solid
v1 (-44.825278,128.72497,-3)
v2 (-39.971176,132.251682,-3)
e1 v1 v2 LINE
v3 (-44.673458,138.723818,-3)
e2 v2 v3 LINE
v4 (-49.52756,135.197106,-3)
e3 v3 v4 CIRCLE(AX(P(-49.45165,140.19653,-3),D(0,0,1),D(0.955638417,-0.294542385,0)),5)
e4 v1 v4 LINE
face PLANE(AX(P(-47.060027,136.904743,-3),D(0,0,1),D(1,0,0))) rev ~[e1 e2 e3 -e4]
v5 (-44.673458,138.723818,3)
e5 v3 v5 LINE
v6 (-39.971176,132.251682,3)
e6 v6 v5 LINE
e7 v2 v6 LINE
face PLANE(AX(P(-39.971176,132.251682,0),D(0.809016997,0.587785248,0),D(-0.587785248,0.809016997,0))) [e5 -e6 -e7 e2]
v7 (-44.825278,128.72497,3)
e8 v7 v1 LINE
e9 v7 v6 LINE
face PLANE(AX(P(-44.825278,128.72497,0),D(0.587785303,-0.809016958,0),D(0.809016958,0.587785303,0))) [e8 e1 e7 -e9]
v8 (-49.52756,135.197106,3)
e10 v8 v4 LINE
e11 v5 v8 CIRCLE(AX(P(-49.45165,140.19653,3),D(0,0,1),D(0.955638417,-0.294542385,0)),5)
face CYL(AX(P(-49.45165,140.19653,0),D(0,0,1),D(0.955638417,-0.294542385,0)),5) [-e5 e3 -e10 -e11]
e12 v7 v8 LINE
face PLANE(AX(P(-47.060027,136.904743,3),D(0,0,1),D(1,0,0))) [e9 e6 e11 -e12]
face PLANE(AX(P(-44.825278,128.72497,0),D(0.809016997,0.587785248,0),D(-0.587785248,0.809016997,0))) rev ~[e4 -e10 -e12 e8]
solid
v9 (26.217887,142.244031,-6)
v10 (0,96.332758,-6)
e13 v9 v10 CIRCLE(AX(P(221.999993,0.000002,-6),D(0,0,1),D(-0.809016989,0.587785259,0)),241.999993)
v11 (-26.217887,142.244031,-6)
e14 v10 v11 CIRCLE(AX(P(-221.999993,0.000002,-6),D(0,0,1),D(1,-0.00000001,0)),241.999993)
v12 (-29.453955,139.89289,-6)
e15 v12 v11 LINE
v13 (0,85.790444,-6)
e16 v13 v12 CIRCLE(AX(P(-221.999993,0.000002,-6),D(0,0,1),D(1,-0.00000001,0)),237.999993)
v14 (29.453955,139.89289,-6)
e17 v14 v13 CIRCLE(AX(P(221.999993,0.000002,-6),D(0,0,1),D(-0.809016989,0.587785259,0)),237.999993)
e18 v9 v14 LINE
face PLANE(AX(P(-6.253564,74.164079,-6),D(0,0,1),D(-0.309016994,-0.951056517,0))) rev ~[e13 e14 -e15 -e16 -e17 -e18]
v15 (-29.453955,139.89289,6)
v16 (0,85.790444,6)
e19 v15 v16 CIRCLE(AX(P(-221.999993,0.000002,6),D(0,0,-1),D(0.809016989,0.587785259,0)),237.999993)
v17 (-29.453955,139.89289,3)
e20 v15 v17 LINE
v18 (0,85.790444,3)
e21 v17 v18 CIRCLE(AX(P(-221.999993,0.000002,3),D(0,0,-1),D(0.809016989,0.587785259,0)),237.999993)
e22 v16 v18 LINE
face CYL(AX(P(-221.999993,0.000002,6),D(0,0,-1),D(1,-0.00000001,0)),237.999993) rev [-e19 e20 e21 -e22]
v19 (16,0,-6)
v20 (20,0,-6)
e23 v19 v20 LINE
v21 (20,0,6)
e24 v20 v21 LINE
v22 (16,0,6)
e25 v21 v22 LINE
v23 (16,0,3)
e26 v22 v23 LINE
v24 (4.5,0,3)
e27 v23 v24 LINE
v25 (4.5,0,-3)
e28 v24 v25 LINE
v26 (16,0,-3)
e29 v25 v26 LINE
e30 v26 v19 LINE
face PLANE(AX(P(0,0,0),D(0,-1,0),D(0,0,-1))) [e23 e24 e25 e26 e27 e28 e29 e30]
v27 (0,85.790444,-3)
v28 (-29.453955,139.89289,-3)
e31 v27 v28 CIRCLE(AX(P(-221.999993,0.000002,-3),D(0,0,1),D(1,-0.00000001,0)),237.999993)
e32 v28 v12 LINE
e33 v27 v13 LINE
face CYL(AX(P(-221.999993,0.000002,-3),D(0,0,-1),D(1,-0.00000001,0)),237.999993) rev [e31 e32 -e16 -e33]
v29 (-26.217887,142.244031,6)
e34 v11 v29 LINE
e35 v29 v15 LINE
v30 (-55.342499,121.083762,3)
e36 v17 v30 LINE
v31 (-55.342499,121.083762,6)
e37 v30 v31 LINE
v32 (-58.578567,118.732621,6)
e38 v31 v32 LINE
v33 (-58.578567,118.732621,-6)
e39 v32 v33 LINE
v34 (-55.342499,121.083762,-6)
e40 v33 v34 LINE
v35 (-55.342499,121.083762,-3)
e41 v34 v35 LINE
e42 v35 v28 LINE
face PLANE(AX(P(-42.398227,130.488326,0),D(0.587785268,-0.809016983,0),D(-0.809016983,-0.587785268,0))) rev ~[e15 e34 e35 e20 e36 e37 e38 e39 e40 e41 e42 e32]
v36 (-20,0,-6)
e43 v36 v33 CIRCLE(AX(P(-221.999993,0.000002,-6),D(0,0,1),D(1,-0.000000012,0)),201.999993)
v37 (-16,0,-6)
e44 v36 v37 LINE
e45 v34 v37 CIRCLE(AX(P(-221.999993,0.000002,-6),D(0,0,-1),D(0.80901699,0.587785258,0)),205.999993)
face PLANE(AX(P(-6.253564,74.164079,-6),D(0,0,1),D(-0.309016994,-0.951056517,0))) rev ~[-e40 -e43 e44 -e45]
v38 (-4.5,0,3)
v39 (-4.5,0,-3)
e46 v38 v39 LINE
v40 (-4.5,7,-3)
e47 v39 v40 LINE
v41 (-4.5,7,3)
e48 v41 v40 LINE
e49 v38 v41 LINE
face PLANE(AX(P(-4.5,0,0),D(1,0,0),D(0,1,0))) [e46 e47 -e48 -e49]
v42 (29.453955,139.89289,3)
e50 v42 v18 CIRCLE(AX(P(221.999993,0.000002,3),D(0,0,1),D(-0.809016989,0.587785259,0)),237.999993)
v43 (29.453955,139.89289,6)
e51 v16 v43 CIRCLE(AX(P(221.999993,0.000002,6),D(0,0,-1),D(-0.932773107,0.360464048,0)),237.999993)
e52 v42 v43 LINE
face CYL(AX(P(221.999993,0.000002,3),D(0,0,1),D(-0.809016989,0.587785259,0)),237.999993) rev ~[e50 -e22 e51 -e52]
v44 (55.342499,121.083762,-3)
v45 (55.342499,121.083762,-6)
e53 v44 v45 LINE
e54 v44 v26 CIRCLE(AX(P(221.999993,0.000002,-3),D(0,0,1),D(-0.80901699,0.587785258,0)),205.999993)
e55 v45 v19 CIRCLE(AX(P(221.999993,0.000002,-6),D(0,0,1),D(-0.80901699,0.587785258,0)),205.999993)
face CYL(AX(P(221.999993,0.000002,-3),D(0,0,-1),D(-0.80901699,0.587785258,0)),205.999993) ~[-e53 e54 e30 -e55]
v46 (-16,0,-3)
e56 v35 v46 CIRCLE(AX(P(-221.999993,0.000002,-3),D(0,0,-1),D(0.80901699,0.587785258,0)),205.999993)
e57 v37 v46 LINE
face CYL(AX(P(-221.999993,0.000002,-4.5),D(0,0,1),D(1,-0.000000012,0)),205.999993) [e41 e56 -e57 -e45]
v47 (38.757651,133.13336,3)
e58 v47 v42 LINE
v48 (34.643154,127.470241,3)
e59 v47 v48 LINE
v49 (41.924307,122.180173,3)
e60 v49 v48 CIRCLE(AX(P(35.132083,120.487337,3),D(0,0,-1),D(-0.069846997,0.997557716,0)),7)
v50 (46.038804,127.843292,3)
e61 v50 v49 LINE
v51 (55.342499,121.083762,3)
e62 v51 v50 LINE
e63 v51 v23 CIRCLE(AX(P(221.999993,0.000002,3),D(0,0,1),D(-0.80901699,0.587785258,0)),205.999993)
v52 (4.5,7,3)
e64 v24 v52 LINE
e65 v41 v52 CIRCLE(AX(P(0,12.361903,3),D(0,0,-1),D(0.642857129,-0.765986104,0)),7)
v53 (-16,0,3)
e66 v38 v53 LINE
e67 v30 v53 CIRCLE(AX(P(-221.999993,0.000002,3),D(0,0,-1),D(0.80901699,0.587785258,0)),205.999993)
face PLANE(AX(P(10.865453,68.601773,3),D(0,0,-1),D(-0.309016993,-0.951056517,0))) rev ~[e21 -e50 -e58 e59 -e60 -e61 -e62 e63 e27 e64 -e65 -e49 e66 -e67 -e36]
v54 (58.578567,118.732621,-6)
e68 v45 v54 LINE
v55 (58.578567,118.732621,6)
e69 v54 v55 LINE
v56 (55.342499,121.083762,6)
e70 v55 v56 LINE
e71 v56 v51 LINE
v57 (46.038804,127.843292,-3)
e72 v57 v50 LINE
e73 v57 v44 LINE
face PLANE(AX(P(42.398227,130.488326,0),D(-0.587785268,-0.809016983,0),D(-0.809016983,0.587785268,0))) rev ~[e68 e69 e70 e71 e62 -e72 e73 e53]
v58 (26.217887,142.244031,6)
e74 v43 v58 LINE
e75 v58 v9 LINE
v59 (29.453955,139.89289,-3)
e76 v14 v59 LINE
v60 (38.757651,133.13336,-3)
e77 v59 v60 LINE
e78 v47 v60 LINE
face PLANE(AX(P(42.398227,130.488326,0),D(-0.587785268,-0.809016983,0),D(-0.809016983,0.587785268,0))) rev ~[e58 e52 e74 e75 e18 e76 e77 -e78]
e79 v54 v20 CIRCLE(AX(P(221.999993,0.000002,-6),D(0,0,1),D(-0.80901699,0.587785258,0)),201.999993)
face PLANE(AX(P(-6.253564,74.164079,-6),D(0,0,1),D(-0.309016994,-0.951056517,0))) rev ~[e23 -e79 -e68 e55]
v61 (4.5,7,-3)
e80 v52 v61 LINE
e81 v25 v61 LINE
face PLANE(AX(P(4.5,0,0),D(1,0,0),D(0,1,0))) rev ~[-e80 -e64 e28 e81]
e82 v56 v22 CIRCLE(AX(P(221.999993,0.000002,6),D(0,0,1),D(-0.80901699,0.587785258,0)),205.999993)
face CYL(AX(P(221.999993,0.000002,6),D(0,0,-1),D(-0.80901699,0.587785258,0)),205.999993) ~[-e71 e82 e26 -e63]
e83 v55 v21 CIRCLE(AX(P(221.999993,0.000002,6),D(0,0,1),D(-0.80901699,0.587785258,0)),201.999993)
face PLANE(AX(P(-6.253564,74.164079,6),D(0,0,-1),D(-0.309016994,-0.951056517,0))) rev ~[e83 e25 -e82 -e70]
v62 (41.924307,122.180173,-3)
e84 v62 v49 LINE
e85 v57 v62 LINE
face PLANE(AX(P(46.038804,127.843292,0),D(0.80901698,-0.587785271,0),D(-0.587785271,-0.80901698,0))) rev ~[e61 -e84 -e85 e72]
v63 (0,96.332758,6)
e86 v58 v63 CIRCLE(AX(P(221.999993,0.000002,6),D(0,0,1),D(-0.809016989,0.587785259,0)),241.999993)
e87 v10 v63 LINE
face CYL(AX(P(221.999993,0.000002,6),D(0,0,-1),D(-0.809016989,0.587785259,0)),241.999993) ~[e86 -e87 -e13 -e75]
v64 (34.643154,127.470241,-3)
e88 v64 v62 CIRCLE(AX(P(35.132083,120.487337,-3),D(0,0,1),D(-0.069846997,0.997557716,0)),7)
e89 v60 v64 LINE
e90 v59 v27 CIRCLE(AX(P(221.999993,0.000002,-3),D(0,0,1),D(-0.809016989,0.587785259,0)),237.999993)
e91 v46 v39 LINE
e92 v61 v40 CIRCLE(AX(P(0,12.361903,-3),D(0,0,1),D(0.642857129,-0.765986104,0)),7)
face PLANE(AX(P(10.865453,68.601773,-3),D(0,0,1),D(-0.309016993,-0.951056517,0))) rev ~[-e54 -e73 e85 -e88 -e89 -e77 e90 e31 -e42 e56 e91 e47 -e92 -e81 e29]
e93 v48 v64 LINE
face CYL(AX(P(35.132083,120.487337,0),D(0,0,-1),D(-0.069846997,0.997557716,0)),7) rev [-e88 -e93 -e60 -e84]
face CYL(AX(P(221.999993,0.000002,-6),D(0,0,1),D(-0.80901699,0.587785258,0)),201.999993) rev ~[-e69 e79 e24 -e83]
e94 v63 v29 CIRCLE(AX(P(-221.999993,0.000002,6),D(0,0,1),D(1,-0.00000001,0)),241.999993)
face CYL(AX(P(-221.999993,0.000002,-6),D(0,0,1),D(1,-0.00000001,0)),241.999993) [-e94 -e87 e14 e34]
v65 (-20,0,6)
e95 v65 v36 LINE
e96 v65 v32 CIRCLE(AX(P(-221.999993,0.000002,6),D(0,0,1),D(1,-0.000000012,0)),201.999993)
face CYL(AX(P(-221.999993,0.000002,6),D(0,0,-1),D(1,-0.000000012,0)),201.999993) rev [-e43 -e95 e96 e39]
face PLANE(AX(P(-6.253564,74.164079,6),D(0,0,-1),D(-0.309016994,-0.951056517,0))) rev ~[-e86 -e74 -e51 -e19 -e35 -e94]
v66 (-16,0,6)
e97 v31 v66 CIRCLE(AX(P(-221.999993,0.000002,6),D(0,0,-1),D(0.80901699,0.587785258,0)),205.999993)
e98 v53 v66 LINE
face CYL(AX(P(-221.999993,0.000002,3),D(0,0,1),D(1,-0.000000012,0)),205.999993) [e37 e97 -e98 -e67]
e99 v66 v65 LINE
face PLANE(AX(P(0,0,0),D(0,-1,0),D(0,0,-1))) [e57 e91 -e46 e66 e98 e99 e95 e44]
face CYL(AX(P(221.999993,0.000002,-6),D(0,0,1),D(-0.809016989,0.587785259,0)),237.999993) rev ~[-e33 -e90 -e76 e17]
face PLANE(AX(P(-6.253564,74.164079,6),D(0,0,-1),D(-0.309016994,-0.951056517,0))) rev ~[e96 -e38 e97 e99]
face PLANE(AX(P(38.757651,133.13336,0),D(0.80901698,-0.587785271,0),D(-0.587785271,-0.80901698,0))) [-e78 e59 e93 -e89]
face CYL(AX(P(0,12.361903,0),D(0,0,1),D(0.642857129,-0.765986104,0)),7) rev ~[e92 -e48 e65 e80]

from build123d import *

# Parameters (mm, degrees)
SKETCH013_W          = 32
SKETCH013_H          = 3
POCKET_DEPTH         = 6.001
POCKET_DEPTH_BACK    = -6.001
POCKET001_DEPTH      = 6.001
POCKET001_DEPTH_BACK = -6.001
PAD002_DEPTH         = 3


with BuildPart() as main:
    # AdditivePipe: sweep along a path in Sketch
    with BuildLine(Plane.XY) as additivepipe_path:
        ThreePointArc((0, 0), (-10.865453, 68.601773), (-42.398227, 130.488326))
    # Sketch002 → AdditivePipe (sweep)
    with BuildSketch(Plane.XZ):
        Polygon((-20, 6), (-20, -6), (-16, -6), (-16, -3), (-9, -3), (9, -3), (16, -3), (16, -6), (20, -6), (20, 6), (16, 6), (16, 3), (9, 3), (-9, 3), (-16, 3), (-16, 6), align=None)
    sweep(path=additivepipe_path.line)

    # AdditivePipe001: sweep along a path in Sketch001
    with BuildLine(Plane.XY) as additivepipe001_path:
        ThreePointArc((42.398227, 130.488326), (10.865453, 68.601773), (0, 0))
    # Sketch002 → AdditivePipe001 (sweep)
    with BuildSketch(Plane.XZ):
        Polygon((-20, 6), (-20, -6), (-16, -6), (-16, -3), (-9, -3), (9, -3), (16, -3), (16, -6), (20, -6), (20, 6), (16, 6), (16, 3), (9, 3), (-9, 3), (-16, 3), (-16, 6), align=None)
    sweep(path=additivepipe001_path.line)

    # SubtractivePipe: sweep along a path in Sketch
    with BuildLine(Plane.XY) as subtractivepipe_path:
        ThreePointArc((0, 0), (-10.865453, 68.601773), (-42.398227, 130.488326))
    # Sketch013 (on Face1 of AdditivePipe001) → SubtractivePipe (sweep, cut)
    with BuildSketch(Plane.XZ):
        with Locations((0, 4.5)):
            Rectangle(SKETCH013_W, SKETCH013_H)
    subtractivepipe = sweep(path=subtractivepipe_path.line, mode=Mode.SUBTRACT)

    # SubtractivePipe001: sweep along a path in Sketch001
    with BuildLine(Plane.XY) as subtractivepipe001_path:
        ThreePointArc((42.398227, 130.488326), (10.865453, 68.601773), (0, 0))
    # Sketch013 (on Face1 of AdditivePipe001) → SubtractivePipe001 (sweep, cut)
    with BuildSketch(Plane.XZ):
        with Locations((0, 4.5)):
            Rectangle(SKETCH013_W, SKETCH013_H)
    subtractivepipe001 = sweep(path=subtractivepipe001_path.line, mode=Mode.SUBTRACT)

    # Mirrored: SubtractivePipe across XY
    add(subtractivepipe.mirror(Plane.XY), mode=Mode.SUBTRACT)

    # Mirrored001: SubtractivePipe001 across XY
    add(subtractivepipe001.mirror(Plane.XY), mode=Mode.SUBTRACT)

    # Sketch007 → Pocket (cut, two sides)
    with BuildSketch(Plane.XY) as pocket_sk:
        with BuildLine():
            Line((-4.5, 0), (4.5, 0))
            Line((4.5, 0), (4.5, 7))
            ThreePointArc((4.5, 7), (0, 19.361903), (-4.5, 7))
            Line((-4.5, 0), (-4.5, 7))
        make_face()
    extrude(amount=-POCKET_DEPTH, mode=Mode.SUBTRACT)
    extrude(pocket_sk.sketch, amount=-POCKET_DEPTH_BACK, mode=Mode.SUBTRACT)

    # Sketch009 → Pocket001 (cut, two sides)
    with BuildSketch(Plane.XY) as pocket001_sk:
        with BuildLine():
            Line((38.757651, 133.13336), (46.038804, 127.843292))
            Line((46.038804, 127.843292), (41.924307, 122.180173))
            ThreePointArc((34.643154, 127.470241), (31.017586, 114.824218), (41.924307, 122.180173))
            Line((38.757651, 133.13336), (34.643154, 127.470241))
        make_face()
    extrude(amount=-POCKET001_DEPTH, mode=Mode.SUBTRACT)
    extrude(pocket001_sk.sketch, amount=-POCKET001_DEPTH_BACK, mode=Mode.SUBTRACT)


with BuildPart() as male2:
    # Sketch012 → Pad002 (new body, symmetric)
    with BuildSketch(Plane.XY):
        with BuildLine():
            Line((-44.825278, 128.72497), (-39.971176, 132.251682))
            Line((-39.971176, 132.251682), (-44.673458, 138.723818))
            ThreePointArc((-44.673458, 138.723818), (-52.390577, 144.241615), (-49.52756, 135.197106))
            Line((-44.825278, 128.72497), (-49.52756, 135.197106))
        make_face()
    extrude(amount=PAD002_DEPTH, both=True)


solid = Compound([main.part, male2.part])
